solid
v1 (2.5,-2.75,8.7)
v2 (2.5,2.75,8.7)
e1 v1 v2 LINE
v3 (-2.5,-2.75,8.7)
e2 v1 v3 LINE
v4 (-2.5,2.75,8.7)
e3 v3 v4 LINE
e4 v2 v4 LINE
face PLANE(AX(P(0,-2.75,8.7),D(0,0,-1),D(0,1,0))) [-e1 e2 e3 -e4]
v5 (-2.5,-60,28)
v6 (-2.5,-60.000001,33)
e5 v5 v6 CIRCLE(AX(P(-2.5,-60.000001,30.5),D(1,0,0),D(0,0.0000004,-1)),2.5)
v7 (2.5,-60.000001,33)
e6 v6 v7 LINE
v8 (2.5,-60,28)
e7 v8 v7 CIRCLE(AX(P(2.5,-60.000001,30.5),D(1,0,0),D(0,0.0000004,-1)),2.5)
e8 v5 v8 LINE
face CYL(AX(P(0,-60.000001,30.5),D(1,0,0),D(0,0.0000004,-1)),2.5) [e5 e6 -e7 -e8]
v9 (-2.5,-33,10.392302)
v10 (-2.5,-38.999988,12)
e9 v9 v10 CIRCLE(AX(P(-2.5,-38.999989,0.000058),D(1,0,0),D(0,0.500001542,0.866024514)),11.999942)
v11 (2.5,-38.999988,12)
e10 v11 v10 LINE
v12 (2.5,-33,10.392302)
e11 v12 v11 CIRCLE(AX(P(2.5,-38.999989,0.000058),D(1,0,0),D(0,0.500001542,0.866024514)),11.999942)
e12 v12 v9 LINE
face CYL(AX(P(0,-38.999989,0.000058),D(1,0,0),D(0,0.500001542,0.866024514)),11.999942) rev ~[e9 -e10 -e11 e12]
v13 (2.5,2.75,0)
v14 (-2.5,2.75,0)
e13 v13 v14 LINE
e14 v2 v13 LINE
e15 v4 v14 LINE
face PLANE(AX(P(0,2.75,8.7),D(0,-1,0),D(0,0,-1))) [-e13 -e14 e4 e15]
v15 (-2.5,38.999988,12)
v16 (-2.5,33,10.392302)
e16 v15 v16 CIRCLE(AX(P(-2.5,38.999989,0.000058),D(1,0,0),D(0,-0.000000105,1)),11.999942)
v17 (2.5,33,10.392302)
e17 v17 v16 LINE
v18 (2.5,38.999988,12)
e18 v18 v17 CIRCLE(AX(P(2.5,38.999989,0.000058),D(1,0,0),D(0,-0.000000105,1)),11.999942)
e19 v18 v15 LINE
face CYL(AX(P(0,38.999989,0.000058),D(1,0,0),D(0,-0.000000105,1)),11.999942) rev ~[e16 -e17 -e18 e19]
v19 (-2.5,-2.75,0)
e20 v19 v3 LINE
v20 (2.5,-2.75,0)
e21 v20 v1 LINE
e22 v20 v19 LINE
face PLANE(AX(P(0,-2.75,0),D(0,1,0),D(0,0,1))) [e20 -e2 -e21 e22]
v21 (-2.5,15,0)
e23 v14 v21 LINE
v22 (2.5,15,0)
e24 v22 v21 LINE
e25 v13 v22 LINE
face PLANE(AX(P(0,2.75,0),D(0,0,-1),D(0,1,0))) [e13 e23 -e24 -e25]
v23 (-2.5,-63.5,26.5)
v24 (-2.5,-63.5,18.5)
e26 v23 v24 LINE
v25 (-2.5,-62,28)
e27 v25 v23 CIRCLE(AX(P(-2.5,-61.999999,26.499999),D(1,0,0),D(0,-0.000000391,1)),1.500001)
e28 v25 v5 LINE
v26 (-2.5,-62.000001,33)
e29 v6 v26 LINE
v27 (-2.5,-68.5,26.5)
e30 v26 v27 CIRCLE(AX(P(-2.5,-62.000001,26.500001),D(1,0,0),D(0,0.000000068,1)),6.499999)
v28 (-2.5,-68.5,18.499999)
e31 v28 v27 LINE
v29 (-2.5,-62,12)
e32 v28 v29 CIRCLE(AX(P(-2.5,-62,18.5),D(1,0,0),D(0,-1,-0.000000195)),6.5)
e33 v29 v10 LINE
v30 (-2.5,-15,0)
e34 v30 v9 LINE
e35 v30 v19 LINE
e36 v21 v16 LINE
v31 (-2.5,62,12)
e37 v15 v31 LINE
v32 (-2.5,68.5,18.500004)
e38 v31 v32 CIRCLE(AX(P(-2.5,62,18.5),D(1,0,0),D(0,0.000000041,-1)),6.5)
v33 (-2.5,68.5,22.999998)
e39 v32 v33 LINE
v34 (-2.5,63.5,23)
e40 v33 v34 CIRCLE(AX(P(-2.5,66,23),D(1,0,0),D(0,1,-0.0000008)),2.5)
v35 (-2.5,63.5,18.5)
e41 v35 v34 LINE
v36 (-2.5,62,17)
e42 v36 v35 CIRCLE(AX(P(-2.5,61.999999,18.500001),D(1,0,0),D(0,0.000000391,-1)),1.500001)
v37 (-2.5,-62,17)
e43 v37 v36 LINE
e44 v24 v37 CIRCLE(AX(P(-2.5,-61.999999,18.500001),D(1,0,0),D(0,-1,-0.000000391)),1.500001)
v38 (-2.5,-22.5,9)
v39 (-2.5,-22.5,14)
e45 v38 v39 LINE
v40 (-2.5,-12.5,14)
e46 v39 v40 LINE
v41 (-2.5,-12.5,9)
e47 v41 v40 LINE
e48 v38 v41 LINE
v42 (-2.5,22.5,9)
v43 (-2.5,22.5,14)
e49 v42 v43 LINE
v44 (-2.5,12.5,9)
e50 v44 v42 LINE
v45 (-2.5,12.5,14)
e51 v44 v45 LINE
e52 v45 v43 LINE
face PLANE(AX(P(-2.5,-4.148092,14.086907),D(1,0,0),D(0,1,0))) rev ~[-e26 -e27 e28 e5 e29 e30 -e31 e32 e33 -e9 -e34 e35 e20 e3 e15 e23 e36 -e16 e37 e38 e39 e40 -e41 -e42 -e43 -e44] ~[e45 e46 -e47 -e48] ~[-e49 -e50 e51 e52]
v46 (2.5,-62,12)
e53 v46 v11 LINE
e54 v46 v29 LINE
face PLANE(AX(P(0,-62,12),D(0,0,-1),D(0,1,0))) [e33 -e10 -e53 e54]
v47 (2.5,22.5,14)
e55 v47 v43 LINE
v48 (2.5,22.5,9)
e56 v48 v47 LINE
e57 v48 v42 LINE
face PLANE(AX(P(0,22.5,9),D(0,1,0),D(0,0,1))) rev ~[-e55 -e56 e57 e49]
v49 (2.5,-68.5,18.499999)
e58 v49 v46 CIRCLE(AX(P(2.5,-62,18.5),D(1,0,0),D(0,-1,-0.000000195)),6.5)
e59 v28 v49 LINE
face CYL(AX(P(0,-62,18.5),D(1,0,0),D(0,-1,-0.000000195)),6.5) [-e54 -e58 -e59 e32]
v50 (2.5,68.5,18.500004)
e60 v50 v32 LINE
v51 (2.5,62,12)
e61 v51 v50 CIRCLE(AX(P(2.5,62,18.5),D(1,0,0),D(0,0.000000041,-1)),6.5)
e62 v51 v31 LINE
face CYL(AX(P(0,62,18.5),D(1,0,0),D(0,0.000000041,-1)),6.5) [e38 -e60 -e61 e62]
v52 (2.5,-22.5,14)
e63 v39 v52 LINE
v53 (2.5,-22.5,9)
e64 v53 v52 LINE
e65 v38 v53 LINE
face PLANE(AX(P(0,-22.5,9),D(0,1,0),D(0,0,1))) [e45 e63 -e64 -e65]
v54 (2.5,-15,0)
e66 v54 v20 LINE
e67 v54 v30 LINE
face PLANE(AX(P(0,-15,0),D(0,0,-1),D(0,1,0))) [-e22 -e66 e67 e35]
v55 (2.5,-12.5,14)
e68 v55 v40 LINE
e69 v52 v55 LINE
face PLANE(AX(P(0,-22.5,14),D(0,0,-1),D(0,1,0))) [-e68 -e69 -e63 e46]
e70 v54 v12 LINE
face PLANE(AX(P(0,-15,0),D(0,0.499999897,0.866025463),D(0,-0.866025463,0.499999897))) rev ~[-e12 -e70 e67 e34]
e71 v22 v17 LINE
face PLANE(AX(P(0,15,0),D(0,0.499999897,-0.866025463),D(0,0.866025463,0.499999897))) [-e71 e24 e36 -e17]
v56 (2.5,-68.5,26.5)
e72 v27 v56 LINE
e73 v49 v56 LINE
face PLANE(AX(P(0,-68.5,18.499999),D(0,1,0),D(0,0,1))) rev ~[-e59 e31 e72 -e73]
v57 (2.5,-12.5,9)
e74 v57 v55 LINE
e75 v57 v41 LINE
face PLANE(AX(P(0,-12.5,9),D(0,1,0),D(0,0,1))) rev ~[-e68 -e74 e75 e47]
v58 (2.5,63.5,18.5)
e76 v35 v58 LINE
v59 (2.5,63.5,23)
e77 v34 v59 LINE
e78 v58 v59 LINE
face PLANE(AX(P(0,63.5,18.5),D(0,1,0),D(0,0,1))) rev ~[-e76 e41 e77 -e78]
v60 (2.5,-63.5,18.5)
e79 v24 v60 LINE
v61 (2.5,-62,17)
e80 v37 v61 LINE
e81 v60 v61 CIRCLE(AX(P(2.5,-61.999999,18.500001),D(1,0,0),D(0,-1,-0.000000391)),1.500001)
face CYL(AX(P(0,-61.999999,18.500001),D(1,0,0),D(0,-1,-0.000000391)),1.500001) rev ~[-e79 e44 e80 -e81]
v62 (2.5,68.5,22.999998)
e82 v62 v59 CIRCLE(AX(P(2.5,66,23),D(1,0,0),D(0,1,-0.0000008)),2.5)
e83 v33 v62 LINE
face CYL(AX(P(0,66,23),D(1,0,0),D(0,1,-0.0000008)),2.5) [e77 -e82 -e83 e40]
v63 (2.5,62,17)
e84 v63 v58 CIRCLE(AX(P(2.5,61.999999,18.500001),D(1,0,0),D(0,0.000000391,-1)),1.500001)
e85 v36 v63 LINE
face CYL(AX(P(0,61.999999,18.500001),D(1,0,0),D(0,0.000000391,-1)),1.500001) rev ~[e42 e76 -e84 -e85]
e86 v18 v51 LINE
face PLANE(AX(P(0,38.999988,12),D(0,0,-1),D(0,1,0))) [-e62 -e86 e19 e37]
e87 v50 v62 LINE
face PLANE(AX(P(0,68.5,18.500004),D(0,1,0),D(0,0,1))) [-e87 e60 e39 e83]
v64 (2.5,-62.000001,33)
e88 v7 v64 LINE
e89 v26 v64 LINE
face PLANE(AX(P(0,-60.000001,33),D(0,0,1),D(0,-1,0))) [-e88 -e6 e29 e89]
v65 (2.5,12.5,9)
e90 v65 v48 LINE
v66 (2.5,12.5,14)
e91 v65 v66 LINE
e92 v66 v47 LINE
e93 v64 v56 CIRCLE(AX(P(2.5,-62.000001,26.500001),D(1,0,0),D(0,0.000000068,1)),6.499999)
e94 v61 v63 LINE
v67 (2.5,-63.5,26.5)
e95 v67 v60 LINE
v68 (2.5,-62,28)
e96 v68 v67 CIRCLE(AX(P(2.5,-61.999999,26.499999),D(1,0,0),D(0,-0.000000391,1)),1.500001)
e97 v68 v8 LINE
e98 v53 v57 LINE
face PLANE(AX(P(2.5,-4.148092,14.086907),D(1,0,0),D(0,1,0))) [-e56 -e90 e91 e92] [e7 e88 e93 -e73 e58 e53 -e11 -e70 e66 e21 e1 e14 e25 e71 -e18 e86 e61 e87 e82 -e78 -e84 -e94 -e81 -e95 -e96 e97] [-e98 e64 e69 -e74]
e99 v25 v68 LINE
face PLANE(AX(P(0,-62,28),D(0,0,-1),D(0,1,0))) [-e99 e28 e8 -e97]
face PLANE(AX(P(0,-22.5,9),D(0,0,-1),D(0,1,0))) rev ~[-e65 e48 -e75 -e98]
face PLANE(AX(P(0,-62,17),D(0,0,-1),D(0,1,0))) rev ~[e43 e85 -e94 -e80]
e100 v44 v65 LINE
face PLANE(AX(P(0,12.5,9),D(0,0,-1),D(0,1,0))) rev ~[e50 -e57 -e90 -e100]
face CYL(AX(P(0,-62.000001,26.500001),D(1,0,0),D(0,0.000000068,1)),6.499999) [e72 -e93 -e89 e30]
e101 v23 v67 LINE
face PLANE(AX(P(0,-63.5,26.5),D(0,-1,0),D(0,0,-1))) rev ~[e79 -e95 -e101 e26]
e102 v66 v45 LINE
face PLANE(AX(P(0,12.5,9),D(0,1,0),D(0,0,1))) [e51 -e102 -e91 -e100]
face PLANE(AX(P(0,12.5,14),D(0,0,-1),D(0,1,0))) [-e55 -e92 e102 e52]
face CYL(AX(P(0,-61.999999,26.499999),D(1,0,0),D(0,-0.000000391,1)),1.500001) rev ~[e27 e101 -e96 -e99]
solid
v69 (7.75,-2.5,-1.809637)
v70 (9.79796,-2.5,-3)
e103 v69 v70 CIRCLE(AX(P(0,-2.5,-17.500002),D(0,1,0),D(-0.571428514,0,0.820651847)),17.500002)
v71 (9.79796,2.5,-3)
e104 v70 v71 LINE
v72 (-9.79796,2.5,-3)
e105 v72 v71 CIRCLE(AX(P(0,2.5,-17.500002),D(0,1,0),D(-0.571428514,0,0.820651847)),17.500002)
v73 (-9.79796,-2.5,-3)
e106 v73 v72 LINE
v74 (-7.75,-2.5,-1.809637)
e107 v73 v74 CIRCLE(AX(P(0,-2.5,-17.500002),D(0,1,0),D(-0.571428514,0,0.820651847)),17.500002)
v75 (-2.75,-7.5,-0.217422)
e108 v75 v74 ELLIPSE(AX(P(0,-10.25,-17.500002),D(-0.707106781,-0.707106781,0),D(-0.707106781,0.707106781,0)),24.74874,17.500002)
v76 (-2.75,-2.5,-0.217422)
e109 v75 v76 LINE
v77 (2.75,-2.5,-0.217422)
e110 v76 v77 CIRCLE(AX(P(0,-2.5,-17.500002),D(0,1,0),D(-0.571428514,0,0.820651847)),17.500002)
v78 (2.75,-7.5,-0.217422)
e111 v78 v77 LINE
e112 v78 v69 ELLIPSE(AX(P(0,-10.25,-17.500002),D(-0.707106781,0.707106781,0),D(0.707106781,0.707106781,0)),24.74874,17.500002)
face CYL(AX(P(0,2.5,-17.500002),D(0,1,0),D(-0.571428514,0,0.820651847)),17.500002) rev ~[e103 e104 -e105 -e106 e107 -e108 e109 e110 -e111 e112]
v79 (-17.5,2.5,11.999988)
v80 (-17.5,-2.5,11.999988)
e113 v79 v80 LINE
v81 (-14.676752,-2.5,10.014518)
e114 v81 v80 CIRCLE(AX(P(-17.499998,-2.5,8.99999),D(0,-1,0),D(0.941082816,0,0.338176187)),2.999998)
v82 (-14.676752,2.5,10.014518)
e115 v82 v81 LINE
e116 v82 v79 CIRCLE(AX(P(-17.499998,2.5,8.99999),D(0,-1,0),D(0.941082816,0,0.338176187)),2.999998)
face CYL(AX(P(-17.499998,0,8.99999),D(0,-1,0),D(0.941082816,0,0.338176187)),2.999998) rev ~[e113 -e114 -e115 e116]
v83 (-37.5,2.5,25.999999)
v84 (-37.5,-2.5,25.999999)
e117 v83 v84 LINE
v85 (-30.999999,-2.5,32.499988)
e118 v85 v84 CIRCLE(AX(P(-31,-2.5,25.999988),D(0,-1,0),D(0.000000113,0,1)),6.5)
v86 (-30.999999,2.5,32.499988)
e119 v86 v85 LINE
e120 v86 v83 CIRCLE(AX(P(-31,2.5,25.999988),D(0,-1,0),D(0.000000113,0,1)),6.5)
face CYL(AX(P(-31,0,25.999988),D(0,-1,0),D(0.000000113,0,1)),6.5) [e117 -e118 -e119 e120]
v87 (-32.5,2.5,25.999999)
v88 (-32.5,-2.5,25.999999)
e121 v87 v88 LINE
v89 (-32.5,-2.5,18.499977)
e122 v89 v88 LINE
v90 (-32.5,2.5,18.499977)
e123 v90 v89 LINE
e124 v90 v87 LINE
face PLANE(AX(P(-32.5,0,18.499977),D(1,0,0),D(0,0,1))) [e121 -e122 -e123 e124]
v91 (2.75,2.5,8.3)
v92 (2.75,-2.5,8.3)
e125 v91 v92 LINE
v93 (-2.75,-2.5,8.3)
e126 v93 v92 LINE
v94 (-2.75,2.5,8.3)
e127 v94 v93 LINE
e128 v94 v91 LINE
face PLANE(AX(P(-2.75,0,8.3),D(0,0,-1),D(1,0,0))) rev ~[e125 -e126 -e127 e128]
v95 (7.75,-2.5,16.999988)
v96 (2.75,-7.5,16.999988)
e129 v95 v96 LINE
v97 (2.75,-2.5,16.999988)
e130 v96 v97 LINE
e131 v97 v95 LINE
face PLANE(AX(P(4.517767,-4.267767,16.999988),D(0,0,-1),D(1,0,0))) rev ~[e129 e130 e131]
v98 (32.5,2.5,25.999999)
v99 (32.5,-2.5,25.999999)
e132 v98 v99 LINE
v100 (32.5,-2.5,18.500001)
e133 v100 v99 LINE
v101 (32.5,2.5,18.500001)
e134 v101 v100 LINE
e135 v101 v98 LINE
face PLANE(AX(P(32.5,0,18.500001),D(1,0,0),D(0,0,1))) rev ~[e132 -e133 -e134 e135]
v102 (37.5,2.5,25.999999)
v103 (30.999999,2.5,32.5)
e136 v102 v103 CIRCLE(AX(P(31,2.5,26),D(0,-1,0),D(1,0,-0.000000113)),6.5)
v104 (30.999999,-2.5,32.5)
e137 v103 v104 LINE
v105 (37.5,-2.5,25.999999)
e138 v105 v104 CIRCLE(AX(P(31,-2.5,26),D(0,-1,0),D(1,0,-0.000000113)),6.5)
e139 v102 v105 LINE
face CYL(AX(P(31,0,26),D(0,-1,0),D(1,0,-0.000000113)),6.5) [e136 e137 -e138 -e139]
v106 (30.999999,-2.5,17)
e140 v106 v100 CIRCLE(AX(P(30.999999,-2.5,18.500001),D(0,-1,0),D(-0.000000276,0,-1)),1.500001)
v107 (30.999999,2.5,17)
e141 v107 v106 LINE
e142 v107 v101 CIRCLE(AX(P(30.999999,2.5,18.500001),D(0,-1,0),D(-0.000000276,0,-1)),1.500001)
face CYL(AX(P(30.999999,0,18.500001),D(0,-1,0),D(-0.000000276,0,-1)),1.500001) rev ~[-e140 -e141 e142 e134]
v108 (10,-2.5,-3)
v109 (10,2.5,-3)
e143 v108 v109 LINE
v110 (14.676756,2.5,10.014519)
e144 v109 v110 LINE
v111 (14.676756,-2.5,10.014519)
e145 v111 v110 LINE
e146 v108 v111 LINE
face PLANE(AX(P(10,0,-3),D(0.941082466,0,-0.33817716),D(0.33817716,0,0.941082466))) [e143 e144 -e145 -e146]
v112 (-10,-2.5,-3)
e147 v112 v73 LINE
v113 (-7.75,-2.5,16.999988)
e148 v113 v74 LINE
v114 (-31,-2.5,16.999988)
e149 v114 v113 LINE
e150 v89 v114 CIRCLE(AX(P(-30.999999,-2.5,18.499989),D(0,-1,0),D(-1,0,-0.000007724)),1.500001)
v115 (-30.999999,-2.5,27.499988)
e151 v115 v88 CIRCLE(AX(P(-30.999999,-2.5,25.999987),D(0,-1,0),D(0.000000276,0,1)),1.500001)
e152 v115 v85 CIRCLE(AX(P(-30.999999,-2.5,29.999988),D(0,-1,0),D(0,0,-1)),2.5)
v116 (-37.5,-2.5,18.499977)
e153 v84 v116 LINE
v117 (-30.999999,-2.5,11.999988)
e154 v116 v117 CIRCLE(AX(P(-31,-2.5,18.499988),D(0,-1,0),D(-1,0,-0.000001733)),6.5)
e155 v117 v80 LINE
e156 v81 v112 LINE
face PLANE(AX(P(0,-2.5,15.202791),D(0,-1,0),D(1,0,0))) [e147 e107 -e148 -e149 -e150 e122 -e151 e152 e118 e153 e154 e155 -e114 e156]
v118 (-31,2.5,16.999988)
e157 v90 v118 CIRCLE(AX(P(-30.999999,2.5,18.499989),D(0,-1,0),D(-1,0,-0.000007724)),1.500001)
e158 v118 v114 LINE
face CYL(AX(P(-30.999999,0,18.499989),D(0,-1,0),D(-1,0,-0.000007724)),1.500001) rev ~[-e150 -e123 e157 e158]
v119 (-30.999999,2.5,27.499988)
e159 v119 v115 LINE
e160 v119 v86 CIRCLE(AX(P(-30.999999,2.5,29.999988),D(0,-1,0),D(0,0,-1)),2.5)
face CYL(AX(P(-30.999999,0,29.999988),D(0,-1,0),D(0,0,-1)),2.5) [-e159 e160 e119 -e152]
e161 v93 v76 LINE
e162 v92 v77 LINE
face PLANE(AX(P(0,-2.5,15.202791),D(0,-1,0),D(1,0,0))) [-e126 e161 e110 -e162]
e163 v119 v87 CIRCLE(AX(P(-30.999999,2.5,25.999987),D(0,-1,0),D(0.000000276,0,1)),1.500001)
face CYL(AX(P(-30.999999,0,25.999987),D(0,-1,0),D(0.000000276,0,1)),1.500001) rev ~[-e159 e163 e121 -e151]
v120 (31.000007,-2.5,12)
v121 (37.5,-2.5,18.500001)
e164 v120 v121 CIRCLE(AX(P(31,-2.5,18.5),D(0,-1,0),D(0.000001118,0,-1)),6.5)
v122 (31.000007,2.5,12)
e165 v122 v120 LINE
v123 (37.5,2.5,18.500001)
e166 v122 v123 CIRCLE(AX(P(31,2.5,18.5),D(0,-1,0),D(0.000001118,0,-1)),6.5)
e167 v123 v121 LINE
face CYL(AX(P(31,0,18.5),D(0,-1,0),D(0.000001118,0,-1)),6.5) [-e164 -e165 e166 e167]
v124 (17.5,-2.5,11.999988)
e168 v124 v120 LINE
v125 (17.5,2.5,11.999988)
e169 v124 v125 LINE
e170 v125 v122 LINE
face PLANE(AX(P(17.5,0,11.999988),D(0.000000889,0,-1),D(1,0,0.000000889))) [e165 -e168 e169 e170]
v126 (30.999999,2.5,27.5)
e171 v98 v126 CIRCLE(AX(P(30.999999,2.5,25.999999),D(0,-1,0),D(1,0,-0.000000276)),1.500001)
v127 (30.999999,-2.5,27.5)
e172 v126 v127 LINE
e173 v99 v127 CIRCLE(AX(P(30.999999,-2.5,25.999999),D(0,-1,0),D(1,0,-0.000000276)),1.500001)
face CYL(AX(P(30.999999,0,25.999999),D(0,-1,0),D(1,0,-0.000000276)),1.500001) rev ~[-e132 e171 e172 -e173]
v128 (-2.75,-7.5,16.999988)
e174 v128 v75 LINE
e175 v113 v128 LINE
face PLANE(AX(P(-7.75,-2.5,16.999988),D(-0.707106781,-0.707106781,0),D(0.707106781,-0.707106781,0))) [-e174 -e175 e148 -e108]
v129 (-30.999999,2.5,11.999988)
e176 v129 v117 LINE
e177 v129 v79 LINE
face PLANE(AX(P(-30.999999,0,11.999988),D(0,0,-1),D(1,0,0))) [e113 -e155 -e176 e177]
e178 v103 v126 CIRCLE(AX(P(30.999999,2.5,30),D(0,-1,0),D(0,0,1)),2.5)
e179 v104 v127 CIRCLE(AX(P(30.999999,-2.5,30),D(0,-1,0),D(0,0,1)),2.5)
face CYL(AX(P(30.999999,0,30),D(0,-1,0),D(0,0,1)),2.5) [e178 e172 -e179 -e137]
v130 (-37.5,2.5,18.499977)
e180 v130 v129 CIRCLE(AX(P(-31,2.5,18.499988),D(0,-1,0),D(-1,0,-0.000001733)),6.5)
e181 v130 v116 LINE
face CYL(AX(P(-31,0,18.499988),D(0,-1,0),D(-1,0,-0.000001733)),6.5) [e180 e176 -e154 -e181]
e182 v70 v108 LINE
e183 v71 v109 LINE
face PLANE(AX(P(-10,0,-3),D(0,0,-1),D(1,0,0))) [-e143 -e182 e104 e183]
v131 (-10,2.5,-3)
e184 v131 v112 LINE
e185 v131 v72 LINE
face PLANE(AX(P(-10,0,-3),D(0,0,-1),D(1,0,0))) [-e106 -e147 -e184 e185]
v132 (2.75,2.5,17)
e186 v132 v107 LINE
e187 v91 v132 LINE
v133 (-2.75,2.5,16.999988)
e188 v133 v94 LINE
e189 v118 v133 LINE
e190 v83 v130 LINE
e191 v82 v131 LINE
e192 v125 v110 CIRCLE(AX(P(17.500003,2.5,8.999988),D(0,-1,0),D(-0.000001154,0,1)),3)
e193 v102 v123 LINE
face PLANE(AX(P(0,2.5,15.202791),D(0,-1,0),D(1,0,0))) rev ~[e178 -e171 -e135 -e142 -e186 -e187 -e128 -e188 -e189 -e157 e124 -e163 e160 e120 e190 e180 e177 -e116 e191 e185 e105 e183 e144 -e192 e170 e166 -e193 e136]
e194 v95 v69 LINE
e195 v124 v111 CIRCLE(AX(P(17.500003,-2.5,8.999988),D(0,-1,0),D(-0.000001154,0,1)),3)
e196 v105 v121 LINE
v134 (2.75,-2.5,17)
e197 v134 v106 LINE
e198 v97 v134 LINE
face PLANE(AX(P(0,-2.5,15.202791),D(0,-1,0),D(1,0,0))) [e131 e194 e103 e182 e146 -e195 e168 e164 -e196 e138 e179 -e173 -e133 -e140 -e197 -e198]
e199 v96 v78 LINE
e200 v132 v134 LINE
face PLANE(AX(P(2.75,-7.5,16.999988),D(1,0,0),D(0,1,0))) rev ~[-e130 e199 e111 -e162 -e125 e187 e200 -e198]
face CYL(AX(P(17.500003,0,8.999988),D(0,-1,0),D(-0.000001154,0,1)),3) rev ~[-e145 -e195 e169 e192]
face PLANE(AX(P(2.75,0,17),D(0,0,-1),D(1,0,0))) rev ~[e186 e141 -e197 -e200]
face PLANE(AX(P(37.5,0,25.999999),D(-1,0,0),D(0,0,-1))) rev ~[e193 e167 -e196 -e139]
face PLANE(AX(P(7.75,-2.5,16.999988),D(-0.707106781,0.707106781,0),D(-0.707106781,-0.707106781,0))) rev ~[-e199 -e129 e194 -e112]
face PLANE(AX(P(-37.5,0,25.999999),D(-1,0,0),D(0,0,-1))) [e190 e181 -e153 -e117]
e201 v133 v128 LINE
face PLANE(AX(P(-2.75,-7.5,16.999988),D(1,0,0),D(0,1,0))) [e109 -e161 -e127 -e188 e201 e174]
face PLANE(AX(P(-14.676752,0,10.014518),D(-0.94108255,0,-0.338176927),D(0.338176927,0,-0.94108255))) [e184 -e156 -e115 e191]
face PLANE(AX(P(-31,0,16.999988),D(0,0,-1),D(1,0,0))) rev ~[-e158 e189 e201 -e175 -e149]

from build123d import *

# Parameters (mm, degrees)
SKETCH_W     = 10
SKETCH_H     = 5
PAD_DEPTH    = 2.5
PAD001_DEPTH = 2.5
PAD002_DEPTH = 20
POCKET_DEPTH = 10


with BuildPart() as vertical:
    # Sketch → Pad (new body, symmetric)
    with BuildSketch(Plane.YZ):
        with BuildLine():
            Line((68.5, 18.500004), (68.5, 22.999998))
            ThreePointArc((68.5, 22.999998), (66.000001, 25.5), (63.5, 23))
            Line((63.5, 18.5), (63.5, 23))
            ThreePointArc((62, 17), (63.06066, 17.43934), (63.5, 18.5))
            Line((-62, 17), (62, 17))
            ThreePointArc((-63.5, 18.5), (-63.06066, 17.43934), (-62, 17))
            Line((-63.5, 26.5), (-63.5, 18.5))
            ThreePointArc((-62, 28), (-63.06066, 27.56066), (-63.5, 26.5))
            Line((-62, 28), (-60, 28))
            ThreePointArc((-60, 28), (-57.500001, 30.5), (-60.000001, 33))
            Line((-60.000001, 33), (-62.000001, 33))
            ThreePointArc((-62.000001, 33), (-66.596195, 31.096194), (-68.5, 26.5))
            Line((-68.5, 18.499999), (-68.5, 26.5))
            ThreePointArc((-68.5, 18.499999), (-66.596194, 13.903806), (-62, 12))
            Line((-62, 12), (-38.999988, 12))
            ThreePointArc((-33, 10.392302), (-35.894165, 11.591109), (-38.999988, 12))
            Line((-15, 0), (-33, 10.392302))
            Line((-15, 0), (-2.75, 0))
            Line((-2.75, 0), (-2.75, 8.7))
            Line((-2.75, 8.7), (2.75, 8.7))
            Line((2.75, 8.7), (2.75, 0))
            Line((2.75, 0), (15, 0))
            Line((15, 0), (33, 10.392302))
            ThreePointArc((38.999988, 12), (35.894165, 11.591109), (33, 10.392302))
            Line((38.999988, 12), (62, 12))
            ThreePointArc((62, 12), (66.596195, 13.903807), (68.5, 18.500004))
        make_face()
        with Locations((-17.5, 11.5)):
            Rectangle(SKETCH_W, SKETCH_H, mode=Mode.SUBTRACT)
        with Locations((17.5, 11.5)):
            Rectangle(SKETCH_W, SKETCH_H, mode=Mode.SUBTRACT)
    extrude(amount=PAD_DEPTH, both=True)


with BuildPart() as fusion:
    # Sketch001 → Pad001 (new body, symmetric)
    with BuildSketch(Plane.XZ):
        with BuildLine():
            Line((17.5, 11.999988), (31.000007, 12))
            ThreePointArc((31.000007, 12), (35.596197, 13.903809), (37.5, 18.500001))
            Line((37.5, 25.999999), (37.5, 18.500001))
            ThreePointArc((37.5, 25.999999), (35.596194, 30.596194), (30.999999, 32.5))
            ThreePointArc((30.999999, 32.5), (28.499999, 30), (30.999999, 27.5))
            ThreePointArc((32.5, 25.999999), (32.06066, 27.06066), (30.999999, 27.5))
            Line((32.5, 18.500001), (32.5, 25.999999))
            ThreePointArc((30.999999, 17), (32.06066, 17.43934), (32.5, 18.500001))
            Line((2.75, 17), (30.999999, 17))
            Line((2.75, 8.3), (2.75, 17))
            Line((-2.75, 8.3), (2.75, 8.3))
            Line((-2.75, 16.999988), (-2.75, 8.3))
            Line((-31, 16.999988), (-2.75, 16.999988))
            ThreePointArc((-32.5, 18.499977), (-32.060656, 17.439324), (-31, 16.999988))
            Line((-32.5, 18.499977), (-32.5, 25.999999))
            ThreePointArc((-30.999999, 27.499988), (-32.060656, 27.060652), (-32.5, 25.999999))
            ThreePointArc((-30.999999, 27.499988), (-28.499999, 29.999988), (-30.999999, 32.499988))
            ThreePointArc((-30.999999, 32.499988), (-35.59619, 30.596186), (-37.5, 25.999999))
            Line((-37.5, 25.999999), (-37.5, 18.499977))
            ThreePointArc((-37.5, 18.499977), (-35.59619, 13.90379), (-30.999999, 11.999988))
            Line((-30.999999, 11.999988), (-17.5, 11.999988))
            ThreePointArc((-14.676752, 10.014518), (-15.774252, 11.453923), (-17.5, 11.999988))
            Line((-14.676752, 10.014518), (-10, -3))
            Line((-10, -3), (10, -3))
            Line((10, -3), (14.676756, 10.014519))
            ThreePointArc((17.5, 11.999988), (15.774255, 11.453922), (14.676756, 10.014519))
        make_face()
    extrude(amount=PAD001_DEPTH, both=True)

    # Sketch002 → Pad002 (new body)
    with BuildSketch(Plane(origin=(0, 0, 16.999988), x_dir=(-1, 0, 0), z_dir=(0, 0, 1))):
        Polygon((-7.75, 2.5), (-2.75, 7.5), (-2.75, 2.5), align=None)
        Polygon((2.75, 7.5), (2.75, 2.5), (7.75, 2.5), align=None)
    extrude(amount=-PAD002_DEPTH)

    # Sketch003 → Pocket (cut)
    with BuildSketch(Plane(origin=(0, 2.5, 0), x_dir=(1, 0, 0), z_dir=(0, 1, 0))):
        with BuildLine():
            ThreePointArc((-10, 3.138593), (0, 0), (10, 3.138593))
            Line((-10, 3.138593), (10, 3.138593))
        make_face()
    extrude(amount=-POCKET_DEPTH, mode=Mode.SUBTRACT)

    # Fusion: union Vertical
    add(vertical.part)


solid = fusion.part
